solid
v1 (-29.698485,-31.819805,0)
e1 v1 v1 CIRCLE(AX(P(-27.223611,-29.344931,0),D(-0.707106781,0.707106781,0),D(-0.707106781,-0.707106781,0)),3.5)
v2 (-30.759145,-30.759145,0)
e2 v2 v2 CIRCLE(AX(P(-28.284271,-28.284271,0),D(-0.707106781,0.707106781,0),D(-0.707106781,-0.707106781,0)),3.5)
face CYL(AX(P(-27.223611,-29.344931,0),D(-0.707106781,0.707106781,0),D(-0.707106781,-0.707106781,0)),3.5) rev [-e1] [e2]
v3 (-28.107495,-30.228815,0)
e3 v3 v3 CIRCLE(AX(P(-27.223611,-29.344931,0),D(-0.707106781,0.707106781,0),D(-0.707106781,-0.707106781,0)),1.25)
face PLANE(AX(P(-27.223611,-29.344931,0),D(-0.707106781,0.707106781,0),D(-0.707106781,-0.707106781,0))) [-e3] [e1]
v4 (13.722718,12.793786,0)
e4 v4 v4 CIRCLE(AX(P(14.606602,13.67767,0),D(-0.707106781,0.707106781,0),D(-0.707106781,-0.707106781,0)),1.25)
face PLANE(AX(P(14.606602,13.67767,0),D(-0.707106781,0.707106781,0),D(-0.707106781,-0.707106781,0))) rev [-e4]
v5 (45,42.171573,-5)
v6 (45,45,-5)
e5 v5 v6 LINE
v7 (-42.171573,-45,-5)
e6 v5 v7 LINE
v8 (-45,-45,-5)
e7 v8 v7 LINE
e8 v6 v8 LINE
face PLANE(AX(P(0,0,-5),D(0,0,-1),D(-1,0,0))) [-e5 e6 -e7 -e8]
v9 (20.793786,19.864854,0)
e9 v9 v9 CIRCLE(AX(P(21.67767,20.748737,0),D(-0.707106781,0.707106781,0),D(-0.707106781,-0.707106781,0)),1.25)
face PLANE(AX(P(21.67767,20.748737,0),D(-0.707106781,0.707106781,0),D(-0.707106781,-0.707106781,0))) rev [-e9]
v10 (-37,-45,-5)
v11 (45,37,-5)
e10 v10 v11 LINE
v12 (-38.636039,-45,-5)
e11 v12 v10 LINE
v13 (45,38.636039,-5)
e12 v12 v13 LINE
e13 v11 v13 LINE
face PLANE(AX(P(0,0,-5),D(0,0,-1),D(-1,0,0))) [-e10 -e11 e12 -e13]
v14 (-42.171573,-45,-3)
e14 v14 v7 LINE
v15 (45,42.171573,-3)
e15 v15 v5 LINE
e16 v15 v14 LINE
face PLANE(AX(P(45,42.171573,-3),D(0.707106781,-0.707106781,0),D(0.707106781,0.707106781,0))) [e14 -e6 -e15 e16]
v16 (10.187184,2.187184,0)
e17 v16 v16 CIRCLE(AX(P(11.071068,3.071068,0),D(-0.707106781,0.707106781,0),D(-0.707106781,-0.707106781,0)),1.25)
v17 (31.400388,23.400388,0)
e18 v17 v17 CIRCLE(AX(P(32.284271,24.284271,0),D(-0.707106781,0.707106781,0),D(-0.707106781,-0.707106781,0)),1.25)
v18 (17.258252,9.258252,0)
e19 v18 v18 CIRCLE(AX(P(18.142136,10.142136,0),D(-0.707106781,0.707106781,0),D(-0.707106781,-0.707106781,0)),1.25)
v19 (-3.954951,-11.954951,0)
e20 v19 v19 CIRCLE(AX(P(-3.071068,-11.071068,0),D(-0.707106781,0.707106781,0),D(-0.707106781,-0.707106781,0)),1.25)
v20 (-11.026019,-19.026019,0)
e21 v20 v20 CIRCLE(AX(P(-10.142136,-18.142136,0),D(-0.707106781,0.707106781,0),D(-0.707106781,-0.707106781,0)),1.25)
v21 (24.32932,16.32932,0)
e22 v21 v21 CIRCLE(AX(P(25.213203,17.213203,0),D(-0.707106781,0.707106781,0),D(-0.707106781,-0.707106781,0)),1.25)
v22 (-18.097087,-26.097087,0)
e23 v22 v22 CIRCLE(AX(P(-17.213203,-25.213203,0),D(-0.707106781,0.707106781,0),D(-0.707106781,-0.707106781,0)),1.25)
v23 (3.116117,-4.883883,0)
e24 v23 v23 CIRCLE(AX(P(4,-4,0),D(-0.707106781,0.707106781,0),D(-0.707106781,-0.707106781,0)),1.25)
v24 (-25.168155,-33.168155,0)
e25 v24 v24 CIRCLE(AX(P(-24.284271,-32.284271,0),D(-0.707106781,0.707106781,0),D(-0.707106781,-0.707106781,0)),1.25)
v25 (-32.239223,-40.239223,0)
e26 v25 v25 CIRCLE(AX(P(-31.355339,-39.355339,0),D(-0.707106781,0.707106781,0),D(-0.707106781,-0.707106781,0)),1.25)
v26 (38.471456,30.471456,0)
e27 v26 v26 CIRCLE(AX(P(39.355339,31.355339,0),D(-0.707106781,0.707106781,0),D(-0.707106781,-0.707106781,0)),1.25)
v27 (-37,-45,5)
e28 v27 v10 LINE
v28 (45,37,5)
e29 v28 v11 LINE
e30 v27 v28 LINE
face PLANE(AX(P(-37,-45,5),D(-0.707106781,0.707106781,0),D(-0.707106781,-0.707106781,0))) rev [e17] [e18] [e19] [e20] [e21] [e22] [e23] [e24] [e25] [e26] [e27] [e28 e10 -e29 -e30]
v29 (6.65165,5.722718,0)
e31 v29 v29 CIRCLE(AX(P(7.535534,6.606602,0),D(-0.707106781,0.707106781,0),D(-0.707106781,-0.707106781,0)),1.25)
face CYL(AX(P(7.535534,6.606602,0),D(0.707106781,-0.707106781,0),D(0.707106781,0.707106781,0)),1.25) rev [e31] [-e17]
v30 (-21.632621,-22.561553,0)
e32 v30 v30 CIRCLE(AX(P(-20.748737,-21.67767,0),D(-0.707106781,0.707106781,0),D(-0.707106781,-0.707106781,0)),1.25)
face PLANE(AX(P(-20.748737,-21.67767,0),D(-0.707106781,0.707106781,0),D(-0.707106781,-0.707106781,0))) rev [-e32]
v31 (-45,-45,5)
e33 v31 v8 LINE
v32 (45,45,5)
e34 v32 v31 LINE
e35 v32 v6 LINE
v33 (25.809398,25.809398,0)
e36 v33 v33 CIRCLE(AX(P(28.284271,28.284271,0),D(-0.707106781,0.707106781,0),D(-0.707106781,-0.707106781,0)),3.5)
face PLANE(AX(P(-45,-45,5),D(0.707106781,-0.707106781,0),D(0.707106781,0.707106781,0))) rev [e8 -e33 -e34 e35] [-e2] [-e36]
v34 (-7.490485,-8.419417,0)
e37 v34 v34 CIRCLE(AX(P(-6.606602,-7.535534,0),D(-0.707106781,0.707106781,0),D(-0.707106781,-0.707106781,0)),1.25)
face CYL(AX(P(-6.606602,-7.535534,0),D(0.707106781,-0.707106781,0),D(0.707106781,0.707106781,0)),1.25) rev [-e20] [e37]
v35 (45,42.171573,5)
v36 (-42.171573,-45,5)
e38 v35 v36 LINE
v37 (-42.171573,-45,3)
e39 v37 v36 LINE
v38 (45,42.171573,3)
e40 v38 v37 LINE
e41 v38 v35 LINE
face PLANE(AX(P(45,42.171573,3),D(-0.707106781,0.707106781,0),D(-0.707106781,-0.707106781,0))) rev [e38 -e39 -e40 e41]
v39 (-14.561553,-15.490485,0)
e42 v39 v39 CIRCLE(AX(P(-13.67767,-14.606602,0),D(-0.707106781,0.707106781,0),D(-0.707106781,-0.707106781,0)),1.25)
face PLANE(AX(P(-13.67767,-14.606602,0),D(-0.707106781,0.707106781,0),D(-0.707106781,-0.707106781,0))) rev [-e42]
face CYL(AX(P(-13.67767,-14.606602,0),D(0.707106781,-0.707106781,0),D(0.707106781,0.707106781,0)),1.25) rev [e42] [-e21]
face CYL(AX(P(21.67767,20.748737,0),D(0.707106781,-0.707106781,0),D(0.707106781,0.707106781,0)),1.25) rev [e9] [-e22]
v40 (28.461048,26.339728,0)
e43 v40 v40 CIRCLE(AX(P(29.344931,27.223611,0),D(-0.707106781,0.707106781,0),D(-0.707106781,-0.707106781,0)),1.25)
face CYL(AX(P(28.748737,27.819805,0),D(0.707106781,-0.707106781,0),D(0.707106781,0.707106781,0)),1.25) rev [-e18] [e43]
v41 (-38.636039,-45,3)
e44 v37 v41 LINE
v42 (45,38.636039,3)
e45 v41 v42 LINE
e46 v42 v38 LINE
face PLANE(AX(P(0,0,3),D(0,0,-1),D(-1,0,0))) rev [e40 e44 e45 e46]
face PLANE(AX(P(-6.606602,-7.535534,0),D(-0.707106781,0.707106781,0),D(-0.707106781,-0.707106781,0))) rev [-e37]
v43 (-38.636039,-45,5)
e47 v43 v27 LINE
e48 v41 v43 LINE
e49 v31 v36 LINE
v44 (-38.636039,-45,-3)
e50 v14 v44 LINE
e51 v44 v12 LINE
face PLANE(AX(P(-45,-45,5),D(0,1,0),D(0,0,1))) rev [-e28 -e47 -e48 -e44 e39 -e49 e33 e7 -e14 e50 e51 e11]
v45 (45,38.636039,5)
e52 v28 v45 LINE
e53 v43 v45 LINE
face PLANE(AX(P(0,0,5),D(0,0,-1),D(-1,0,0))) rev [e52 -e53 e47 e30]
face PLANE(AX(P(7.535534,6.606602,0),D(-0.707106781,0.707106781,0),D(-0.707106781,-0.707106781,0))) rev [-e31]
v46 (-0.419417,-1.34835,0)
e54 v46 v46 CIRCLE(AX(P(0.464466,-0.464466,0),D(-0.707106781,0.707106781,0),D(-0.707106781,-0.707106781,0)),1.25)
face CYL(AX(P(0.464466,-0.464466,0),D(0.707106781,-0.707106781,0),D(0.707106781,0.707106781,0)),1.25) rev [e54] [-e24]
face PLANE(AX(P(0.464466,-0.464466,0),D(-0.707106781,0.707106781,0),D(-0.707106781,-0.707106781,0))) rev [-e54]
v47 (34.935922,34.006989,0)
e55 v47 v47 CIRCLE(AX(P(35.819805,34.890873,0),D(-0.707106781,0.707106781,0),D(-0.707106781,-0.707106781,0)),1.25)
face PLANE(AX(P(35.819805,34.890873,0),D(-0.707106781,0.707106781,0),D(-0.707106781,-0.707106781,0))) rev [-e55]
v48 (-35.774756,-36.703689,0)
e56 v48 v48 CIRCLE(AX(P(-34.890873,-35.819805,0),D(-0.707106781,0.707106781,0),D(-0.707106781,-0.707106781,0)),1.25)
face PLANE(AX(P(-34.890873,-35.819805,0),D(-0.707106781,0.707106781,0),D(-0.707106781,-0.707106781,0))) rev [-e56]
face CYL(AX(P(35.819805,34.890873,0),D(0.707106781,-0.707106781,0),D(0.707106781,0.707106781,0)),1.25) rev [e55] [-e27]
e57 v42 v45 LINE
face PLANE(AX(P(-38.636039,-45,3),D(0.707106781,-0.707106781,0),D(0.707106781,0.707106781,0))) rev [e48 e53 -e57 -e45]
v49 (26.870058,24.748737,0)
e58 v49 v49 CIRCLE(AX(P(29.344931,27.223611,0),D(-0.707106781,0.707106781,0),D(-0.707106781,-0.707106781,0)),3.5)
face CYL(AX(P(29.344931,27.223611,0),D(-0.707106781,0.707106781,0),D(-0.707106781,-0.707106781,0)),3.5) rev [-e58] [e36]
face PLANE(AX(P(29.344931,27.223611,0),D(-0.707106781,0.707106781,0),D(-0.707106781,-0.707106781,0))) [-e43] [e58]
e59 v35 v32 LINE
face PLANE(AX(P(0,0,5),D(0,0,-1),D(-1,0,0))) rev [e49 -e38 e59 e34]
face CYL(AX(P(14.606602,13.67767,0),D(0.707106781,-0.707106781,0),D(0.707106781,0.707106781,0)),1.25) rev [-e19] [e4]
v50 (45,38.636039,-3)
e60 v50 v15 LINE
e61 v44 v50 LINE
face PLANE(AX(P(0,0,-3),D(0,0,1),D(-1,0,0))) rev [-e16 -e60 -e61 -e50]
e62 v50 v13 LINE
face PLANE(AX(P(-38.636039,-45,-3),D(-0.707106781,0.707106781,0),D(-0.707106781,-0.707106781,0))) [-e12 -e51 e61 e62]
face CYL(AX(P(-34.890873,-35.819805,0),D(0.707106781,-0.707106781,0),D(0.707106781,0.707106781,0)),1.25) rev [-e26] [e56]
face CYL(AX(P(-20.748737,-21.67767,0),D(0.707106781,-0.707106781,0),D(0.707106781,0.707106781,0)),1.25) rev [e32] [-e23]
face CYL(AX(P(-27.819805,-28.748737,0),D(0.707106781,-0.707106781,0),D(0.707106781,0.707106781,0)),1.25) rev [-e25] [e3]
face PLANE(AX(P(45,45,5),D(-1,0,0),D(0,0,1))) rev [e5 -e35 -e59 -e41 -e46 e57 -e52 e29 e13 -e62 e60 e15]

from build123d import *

# Parameters (mm, degrees)
MAIN_DEPTH         = 5
WINDOWSLOT1_DEPTH  = 2
SKETCH6_R          = 1.25
CUT_EXTRUDE2_DEPTH = 5
LPATTERN1_COUNT    = 11
LPATTERN1_PITCH    = 10
SKETCH7_R          = 3.5
CUT_EXTRUDE4_DEPTH = 1.5


with BuildPart() as part:
    # Sketch1 → Main (new body, symmetric)
    with BuildSketch(Plane.XY):
        Polygon((-45, -45), (45, 45), (45, 37), (-37, -45), align=None)
    extrude(amount=MAIN_DEPTH, both=True)

    # Sketch4 → WindowSlot1 (cut)
    with BuildSketch(Plane.XY.offset(5)):
        Polygon((45, 42.171572875), (-42.171572875, -45), (-38.636038969, -45), (45, 38.636038969), align=None)
    windowslot1 = extrude(amount=-WINDOWSLOT1_DEPTH, mode=Mode.SUBTRACT)

    # Mirror1: WindowSlot1 across plane
    add(windowslot1.mirror(Plane.XY), mode=Mode.SUBTRACT)

    # Sketch6 → Cut-Extrude2 (cut)
    with BuildSketch(Plane(origin=(4, -4, 0), x_dir=(0, 0, 1), z_dir=(-0.707106781, 0.707106781, 0))):
        with Locations((0, 50)):
            Circle(SKETCH6_R)
    cut_extrude2 = extrude(amount=CUT_EXTRUDE2_DEPTH, mode=Mode.SUBTRACT)

    # LPattern1: Cut-Extrude2 ×11
    with Locations(*[Vector(-0.707106781, -0.707106781, 0) * (i * LPATTERN1_PITCH) for i in range(1, LPATTERN1_COUNT)]):
        add(cut_extrude2, mode=Mode.SUBTRACT)

    # Sketch7 → Cut-Extrude4 (cut)
    with BuildSketch(Plane(origin=(0, 0, 0), x_dir=(0, 0, 1), z_dir=(-0.707106781, 0.707106781, 0))):
        with Locations((0, 40)):
            Circle(SKETCH7_R)
        with Locations((0, -40)):
            Circle(SKETCH7_R)
    extrude(amount=-CUT_EXTRUDE4_DEPTH, mode=Mode.SUBTRACT)


solid = part.part
